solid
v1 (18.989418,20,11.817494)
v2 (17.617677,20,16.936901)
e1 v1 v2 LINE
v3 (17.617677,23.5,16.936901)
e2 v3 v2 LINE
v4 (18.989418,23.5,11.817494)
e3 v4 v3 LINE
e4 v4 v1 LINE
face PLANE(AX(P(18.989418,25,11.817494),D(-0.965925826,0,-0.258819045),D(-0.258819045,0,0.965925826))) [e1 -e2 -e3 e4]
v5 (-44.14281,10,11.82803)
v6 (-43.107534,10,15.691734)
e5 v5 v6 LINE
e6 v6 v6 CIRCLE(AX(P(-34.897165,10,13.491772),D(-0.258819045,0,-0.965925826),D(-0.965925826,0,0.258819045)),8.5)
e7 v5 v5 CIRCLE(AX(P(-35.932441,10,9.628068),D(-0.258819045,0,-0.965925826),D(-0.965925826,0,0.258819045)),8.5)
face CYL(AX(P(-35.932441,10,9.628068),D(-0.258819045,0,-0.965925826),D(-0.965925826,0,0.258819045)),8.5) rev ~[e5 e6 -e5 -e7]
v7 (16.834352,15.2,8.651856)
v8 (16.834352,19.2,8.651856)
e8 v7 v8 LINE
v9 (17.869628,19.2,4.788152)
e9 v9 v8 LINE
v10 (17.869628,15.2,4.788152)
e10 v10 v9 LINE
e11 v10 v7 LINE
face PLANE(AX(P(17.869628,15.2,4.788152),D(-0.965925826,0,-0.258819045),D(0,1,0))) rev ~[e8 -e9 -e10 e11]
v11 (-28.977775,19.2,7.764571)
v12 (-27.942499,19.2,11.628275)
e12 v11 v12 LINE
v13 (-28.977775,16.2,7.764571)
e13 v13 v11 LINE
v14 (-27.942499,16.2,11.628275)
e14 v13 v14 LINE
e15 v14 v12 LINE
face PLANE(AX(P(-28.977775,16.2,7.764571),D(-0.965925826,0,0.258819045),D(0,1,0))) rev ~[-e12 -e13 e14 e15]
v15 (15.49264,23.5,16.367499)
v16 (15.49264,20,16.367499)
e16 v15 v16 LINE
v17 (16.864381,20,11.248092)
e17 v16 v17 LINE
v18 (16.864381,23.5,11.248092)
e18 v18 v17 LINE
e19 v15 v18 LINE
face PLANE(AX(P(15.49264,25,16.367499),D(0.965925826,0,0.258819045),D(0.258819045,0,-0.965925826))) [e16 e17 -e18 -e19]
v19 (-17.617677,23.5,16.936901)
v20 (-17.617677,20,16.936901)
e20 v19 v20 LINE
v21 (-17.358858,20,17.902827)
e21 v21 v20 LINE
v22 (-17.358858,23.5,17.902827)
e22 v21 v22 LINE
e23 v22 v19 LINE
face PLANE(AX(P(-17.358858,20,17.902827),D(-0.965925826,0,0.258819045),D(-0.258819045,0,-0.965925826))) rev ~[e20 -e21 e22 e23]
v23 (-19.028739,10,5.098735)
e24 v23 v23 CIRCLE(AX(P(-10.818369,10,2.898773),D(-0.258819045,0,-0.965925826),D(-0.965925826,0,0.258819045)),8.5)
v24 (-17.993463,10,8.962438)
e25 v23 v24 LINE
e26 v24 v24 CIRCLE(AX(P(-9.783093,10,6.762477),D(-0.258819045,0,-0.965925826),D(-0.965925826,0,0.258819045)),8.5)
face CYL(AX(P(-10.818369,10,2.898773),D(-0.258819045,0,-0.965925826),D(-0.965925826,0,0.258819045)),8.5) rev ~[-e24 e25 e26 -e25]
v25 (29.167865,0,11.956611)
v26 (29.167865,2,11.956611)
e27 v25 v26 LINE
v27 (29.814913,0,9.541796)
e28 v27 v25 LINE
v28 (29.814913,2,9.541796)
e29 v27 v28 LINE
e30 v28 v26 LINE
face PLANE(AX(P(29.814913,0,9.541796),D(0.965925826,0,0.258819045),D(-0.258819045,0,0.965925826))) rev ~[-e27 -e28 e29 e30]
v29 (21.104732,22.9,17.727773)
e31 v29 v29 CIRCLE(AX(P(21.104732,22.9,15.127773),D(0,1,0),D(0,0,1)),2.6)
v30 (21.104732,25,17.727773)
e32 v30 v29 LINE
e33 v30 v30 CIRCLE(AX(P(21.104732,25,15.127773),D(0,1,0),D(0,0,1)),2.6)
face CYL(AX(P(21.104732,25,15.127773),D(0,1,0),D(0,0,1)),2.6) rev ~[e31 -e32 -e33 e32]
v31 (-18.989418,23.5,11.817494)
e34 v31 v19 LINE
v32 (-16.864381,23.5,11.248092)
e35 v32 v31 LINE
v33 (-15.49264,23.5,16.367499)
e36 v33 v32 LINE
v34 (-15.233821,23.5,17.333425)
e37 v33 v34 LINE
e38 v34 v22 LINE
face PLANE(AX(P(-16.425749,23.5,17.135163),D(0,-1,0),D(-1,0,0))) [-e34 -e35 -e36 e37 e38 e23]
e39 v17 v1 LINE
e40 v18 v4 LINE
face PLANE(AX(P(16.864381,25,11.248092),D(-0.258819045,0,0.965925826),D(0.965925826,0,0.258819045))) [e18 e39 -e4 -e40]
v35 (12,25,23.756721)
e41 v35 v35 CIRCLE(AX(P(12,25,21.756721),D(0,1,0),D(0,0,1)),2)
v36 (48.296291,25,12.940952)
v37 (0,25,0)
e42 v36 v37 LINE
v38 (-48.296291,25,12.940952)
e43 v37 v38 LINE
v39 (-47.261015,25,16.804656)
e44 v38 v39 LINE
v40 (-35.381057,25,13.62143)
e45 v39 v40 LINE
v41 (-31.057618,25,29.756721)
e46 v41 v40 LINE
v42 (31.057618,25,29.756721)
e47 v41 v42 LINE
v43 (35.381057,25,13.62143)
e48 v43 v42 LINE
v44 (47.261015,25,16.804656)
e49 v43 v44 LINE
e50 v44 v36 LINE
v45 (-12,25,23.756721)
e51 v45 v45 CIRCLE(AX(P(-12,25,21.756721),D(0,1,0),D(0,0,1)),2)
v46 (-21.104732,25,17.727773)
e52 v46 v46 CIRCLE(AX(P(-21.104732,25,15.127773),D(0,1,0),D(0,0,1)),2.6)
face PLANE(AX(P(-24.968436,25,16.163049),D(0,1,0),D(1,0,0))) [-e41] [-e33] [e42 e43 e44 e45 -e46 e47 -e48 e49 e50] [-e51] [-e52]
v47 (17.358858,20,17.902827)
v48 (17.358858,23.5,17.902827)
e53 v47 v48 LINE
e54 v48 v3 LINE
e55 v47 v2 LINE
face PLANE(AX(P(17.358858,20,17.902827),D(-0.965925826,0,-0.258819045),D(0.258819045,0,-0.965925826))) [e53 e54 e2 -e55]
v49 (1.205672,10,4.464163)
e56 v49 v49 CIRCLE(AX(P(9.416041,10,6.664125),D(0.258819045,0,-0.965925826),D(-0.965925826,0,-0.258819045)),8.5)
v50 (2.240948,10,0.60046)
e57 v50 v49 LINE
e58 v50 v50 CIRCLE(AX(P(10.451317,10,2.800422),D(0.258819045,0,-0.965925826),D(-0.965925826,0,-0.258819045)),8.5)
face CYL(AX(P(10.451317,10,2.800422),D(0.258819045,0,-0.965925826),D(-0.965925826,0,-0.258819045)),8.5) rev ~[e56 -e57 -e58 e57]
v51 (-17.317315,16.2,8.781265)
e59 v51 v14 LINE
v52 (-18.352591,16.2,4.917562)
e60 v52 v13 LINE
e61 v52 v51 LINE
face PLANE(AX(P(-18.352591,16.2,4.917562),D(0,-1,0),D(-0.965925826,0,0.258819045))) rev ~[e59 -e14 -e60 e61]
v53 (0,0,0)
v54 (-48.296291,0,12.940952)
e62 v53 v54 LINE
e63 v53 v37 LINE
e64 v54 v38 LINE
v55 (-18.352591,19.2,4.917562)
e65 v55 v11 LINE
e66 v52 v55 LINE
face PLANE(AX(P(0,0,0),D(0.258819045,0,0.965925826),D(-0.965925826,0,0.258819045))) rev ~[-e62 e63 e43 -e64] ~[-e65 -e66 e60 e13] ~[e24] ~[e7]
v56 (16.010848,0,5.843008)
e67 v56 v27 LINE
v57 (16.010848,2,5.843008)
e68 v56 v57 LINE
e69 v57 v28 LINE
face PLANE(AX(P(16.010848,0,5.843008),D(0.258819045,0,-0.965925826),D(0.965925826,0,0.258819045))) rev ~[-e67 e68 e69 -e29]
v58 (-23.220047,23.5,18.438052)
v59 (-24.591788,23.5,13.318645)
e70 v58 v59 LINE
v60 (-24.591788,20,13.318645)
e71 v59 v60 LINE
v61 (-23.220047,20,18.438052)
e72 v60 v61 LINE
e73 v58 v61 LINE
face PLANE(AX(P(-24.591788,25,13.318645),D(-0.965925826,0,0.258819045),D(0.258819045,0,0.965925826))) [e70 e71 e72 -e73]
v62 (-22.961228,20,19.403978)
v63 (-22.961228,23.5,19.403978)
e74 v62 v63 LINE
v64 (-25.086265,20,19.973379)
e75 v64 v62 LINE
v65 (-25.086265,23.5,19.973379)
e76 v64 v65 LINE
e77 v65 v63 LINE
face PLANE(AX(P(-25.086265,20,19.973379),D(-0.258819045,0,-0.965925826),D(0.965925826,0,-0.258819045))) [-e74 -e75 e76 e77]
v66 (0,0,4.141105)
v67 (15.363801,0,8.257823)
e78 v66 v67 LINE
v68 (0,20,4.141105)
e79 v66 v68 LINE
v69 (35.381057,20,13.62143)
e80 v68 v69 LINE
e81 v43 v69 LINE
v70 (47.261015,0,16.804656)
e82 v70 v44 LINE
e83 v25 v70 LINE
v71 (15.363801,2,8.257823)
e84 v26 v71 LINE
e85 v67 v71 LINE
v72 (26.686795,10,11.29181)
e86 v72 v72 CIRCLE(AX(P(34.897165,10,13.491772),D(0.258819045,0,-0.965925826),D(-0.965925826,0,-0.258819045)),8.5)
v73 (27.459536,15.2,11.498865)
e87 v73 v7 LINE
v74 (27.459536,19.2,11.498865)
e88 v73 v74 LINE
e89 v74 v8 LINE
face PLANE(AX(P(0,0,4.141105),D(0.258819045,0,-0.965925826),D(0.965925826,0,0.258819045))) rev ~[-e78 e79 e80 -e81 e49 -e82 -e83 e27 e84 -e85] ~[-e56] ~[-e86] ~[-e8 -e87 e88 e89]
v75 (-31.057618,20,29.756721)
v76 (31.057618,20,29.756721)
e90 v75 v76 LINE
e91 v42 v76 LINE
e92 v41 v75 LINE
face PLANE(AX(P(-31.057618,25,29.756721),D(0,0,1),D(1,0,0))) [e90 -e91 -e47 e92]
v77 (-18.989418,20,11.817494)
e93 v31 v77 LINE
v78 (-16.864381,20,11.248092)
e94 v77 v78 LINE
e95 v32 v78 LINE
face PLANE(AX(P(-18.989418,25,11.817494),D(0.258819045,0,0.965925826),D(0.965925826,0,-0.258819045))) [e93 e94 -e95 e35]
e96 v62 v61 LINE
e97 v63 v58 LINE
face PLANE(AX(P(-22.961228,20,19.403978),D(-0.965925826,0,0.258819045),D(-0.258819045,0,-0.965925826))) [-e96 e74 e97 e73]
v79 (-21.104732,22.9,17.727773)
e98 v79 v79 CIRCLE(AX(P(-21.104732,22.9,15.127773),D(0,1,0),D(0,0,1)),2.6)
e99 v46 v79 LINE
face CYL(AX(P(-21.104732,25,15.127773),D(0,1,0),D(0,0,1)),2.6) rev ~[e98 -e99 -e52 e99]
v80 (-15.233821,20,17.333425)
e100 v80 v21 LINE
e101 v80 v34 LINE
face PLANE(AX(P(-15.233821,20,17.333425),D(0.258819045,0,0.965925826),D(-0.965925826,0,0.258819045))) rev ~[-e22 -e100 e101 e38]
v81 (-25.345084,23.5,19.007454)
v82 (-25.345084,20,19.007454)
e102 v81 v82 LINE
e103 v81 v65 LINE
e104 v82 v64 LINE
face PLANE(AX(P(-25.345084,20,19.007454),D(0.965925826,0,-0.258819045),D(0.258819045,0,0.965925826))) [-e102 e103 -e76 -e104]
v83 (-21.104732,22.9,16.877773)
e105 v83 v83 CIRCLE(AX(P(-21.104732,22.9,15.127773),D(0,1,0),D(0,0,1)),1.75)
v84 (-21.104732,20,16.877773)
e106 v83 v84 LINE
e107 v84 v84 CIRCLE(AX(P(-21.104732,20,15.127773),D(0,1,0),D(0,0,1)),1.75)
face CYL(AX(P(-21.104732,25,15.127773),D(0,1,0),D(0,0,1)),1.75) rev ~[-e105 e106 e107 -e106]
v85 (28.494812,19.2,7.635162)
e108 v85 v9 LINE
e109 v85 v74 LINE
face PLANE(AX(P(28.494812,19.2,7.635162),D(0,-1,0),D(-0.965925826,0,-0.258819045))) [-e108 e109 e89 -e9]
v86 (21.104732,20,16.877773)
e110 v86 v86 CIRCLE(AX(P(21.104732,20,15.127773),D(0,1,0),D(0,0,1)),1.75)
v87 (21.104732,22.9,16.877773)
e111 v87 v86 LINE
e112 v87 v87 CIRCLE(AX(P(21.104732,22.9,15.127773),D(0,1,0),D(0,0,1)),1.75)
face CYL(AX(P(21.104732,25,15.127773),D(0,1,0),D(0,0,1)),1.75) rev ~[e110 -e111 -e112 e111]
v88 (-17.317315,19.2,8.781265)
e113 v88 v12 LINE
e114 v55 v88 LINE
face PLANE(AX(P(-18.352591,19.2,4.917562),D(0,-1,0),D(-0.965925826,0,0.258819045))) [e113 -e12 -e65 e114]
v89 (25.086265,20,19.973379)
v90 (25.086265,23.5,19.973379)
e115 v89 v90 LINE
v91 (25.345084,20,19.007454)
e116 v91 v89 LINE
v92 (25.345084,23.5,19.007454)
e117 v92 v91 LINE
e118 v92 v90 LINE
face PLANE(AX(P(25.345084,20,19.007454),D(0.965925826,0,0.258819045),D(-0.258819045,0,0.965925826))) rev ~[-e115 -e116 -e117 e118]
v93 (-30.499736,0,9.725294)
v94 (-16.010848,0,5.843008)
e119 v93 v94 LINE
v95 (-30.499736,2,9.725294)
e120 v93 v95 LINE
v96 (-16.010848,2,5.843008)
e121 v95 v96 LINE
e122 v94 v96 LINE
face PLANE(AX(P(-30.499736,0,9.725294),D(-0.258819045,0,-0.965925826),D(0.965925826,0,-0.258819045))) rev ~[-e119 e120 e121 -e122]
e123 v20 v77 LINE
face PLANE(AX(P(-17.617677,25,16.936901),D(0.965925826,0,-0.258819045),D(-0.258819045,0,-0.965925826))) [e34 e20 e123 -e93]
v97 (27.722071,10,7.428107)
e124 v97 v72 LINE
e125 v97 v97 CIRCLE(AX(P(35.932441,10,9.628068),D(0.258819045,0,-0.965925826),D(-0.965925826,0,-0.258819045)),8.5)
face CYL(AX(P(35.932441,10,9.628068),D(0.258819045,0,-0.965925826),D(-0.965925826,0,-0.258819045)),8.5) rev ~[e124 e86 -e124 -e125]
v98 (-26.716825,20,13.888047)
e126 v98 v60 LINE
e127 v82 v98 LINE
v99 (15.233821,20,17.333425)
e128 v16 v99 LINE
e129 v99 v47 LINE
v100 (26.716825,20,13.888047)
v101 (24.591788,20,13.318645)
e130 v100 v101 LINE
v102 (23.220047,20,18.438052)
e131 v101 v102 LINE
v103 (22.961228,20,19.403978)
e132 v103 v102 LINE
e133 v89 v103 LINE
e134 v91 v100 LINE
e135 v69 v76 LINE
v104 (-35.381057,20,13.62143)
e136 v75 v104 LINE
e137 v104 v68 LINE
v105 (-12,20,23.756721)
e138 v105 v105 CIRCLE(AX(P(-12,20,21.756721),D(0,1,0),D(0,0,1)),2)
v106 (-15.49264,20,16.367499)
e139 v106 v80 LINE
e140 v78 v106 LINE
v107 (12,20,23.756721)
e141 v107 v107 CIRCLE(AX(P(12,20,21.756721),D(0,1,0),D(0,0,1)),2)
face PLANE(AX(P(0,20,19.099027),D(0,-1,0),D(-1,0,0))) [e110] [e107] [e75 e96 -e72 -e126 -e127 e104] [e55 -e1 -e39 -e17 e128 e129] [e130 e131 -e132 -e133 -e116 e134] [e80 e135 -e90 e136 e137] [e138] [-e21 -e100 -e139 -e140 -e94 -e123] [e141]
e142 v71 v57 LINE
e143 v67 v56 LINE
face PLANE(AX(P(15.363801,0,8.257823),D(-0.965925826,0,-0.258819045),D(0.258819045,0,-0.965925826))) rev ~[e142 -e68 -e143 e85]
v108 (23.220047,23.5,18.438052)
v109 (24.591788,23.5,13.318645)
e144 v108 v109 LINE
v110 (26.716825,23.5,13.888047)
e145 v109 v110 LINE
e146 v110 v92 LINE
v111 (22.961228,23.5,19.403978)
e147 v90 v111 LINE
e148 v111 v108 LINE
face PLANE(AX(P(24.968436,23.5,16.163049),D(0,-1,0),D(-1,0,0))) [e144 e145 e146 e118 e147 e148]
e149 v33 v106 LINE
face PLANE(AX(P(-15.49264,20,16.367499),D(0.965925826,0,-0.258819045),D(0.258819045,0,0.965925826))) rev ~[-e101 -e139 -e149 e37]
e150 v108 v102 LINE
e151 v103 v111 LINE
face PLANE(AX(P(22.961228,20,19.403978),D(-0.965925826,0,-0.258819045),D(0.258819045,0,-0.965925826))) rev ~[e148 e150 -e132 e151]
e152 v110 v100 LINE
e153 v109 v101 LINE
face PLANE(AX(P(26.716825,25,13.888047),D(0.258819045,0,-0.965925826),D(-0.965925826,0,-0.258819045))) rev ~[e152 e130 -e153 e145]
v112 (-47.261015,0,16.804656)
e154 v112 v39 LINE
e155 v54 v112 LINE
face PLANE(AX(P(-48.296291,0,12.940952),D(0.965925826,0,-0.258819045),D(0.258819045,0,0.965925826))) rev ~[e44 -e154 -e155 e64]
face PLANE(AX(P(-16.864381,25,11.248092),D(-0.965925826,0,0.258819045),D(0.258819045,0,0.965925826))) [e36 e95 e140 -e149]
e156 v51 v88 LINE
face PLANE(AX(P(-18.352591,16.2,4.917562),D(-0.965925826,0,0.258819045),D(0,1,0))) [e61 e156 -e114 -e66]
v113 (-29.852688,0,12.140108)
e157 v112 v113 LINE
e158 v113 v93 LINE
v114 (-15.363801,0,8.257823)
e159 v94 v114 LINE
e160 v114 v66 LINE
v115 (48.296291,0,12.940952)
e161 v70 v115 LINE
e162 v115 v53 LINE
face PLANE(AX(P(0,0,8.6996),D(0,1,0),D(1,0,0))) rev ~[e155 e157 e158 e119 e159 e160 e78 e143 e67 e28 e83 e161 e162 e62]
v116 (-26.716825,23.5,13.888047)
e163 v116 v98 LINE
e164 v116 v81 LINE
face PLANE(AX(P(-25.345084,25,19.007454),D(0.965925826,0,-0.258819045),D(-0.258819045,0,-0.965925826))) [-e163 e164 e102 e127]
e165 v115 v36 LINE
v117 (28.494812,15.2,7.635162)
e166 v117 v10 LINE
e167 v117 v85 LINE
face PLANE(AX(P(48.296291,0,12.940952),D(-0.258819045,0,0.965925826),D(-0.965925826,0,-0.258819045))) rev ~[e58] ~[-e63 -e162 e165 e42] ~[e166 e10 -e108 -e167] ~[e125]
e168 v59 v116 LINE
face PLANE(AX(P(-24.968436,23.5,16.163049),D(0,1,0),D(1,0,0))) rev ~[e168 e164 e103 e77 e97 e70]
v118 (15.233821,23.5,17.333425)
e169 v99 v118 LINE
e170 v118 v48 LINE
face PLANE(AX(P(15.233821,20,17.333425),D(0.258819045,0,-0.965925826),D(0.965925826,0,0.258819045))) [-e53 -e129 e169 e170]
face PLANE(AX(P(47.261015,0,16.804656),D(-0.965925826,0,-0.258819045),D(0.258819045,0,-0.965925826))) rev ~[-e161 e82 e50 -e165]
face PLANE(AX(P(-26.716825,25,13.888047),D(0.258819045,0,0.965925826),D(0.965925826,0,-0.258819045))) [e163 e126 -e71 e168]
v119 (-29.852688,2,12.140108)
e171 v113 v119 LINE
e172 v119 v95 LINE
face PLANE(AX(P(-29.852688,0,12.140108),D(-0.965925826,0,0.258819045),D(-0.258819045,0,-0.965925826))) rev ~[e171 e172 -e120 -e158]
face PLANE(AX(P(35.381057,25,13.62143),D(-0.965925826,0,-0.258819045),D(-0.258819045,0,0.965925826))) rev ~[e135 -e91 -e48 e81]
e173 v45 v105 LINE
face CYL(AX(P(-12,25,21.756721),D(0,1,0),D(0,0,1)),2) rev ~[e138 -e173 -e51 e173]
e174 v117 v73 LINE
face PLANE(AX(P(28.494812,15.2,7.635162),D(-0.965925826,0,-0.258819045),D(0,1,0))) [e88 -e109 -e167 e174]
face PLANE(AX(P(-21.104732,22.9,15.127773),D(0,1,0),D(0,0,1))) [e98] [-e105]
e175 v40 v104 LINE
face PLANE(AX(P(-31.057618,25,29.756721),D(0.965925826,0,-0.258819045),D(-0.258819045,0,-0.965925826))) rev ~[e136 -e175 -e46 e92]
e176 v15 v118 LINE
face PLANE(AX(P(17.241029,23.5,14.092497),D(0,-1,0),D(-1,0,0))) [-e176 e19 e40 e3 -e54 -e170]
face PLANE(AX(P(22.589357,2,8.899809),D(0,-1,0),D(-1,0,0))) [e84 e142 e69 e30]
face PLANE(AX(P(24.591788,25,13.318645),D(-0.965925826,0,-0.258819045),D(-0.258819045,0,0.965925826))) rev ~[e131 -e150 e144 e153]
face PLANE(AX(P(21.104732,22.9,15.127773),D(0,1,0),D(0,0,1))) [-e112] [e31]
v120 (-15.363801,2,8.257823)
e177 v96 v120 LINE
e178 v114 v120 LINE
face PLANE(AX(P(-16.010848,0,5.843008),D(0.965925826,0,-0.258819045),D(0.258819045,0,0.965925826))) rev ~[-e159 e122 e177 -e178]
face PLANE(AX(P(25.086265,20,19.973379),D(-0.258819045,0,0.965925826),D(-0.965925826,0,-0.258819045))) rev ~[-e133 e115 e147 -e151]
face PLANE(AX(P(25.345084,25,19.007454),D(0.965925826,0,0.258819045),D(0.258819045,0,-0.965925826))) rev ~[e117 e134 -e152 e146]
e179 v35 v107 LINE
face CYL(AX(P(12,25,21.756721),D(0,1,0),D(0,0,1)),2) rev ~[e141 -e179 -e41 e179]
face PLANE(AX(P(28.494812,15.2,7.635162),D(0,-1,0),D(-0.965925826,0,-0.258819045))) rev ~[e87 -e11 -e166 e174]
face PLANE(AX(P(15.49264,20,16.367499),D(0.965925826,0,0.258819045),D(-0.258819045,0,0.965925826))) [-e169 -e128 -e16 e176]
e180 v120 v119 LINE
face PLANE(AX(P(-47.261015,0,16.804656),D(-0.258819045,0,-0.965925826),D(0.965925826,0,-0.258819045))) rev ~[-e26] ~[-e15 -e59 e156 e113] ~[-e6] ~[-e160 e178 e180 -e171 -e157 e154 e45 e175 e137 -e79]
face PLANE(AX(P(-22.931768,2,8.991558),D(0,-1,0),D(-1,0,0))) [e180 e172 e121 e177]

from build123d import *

# Parameters (mm, degrees)
BOSS_EXTRUDE1_DEPTH = 25
SKETCH2_R           = 2
BOSS_EXTRUDE2_DEPTH = 5
SKETCH3_R           = 1.75
CUT_EXTRUDE1_DEPTH  = 5
SKETCH4_R           = 2.6
CUT_EXTRUDE2_DEPTH  = 2.1
BOSS_EXTRUDE4_DEPTH = 1.5
SKETCH6_R           = 8.5
SKETCH6_W           = 11
SKETCH6_H           = 3
CUT_EXTRUDE3_DEPTH  = 62.991888409
SKETCH7_R           = 8.5
SKETCH7_W           = 11
SKETCH7_H           = 4
CUT_EXTRUDE4_DEPTH  = 62.991888409
CUT_EXTRUDE6_DEPTH  = 2
CUT_EXTRUDE7_DEPTH  = 3.5


with BuildPart() as part:
    # Sketch1 → Boss-Extrude1 (new body)
    with BuildSketch(Plane(origin=(0, 0, 0), x_dir=(1, 0, 0), z_dir=(0, 1, 0))):
        Polygon((0, 0), (-48.296291314, -12.940952255), (-47.261015134, -16.80465556), (0, -4.141104722), (47.261015134, -16.80465556), (48.296291314, -12.940952255), align=None)
    extrude(amount=BOSS_EXTRUDE1_DEPTH)

    # Sketch2 → Boss-Extrude2 (add)
    with BuildSketch(Plane(origin=(0, 25, 0), x_dir=(1, 0, 0), z_dir=(0, 1, 0))):
        Polygon((18.842355233, -29.75672149), (-18.842355233, -29.75672149), (-31.057618335, -29.75672149), (-35.381056589, -13.621430262), (0, -4.141104722), (35.381056589, -13.621430262), (31.057618335, -29.75672149), align=None)
        with Locations(Location((-12, -21.75672149, 0), (0, 0, 270))):
            Circle(SKETCH2_R, mode=Mode.SUBTRACT)
        with Locations(Location((12, -21.75672149, 0), (0, 0, 270))):
            Circle(SKETCH2_R, mode=Mode.SUBTRACT)
    extrude(amount=-BOSS_EXTRUDE2_DEPTH)

    # Sketch3 → Cut-Extrude1 (cut)
    with BuildSketch(Plane(origin=(0, 25, 0), x_dir=(1, 0, 0), z_dir=(0, 1, 0))):
        Polygon((24.5917878, -13.318644854), (23.220046861, -18.438051734), (25.345083679, -19.007453633), (26.716824618, -13.888046753), align=None)
        with Locations(Location((21.104732435, -15.127773063, 0), (0, 0, 270))):
            Circle(SKETCH3_R)
        Polygon((18.989418008, -11.817494393), (17.617677069, -16.936901272), (15.492640251, -16.367499373), (16.86438119, -11.248092493), align=None)
        Polygon((-15.492640251, -16.367499373), (-17.617677069, -16.936901272), (-18.989418008, -11.817494393), (-16.86438119, -11.248092493), align=None)
        with Locations(Location((-21.104732435, -15.127773063, 0), (0, 0, 270))):
            Circle(SKETCH3_R)
        Polygon((-25.345083679, -19.007453633), (-26.716824618, -13.888046753), (-24.5917878, -13.318644854), (-23.220046861, -18.438051734), align=None)
    extrude(amount=-CUT_EXTRUDE1_DEPTH, mode=Mode.SUBTRACT)

    # Sketch4 → Cut-Extrude2 (cut)
    with BuildSketch(Plane(origin=(0, 25, 0), x_dir=(1, 0, 0), z_dir=(0, 1, 0))):
        with Locations(Location((-21.104732435, -15.127773063, 0), (0, 0, 270))):
            Circle(SKETCH4_R)
        with Locations(Location((21.104732435, -15.127773063, 0), (0, 0, 270))):
            Circle(SKETCH4_R)
    extrude(amount=-CUT_EXTRUDE2_DEPTH, mode=Mode.SUBTRACT)

    # Sketch5 → Boss-Extrude4 (add)
    with BuildSketch(Plane(origin=(0, 25, 0), x_dir=(1, 0, 0), z_dir=(0, 1, 0))):
        Polygon((-26.716824618, -13.888046753), (-25.345083679, -19.007453633), (-23.220046861, -18.438051734), (-24.5917878, -13.318644854), align=None)
        Polygon((-17.617677069, -16.936901272), (-15.492640251, -16.367499373), (-16.86438119, -11.248092493), (-18.989418008, -11.817494393), align=None)
        Polygon((18.989418008, -11.817494393), (17.617677069, -16.936901272), (15.492640251, -16.367499373), (16.86438119, -11.248092493), align=None)
        Polygon((24.5917878, -13.318644854), (26.716824618, -13.888046753), (25.345083679, -19.007453633), (23.220046861, -18.438051734), align=None)
    extrude(amount=-BOSS_EXTRUDE4_DEPTH)

    # Sketch6 → Cut-Extrude3 (cut, through all)
    with BuildSketch(Plane(origin=(0, 0, 0), x_dir=(-0.9659258262890691, 0, 0.2588190451025181), z_dir=(-0.2588190451025181, 0, -0.9659258262890691))):
        with Locations((37.2, 10)):
            Circle(SKETCH6_R)
        with Locations((11.2, 10)):
            Circle(SKETCH6_R)
        with Locations((24.5, 17.7)):
            Rectangle(SKETCH6_W, SKETCH6_H)
    extrude(amount=-CUT_EXTRUDE3_DEPTH, mode=Mode.SUBTRACT)

    # Sketch7 → Cut-Extrude4 (cut, through all)
    with BuildSketch(Plane(origin=(0, 0, 0), x_dir=(-0.9659258262890691, 0, -0.2588190451025176), z_dir=(0.25881904510251763, 0, -0.9659258262890692))):
        with Locations((-10.82, 10)):
            Circle(SKETCH7_R)
        with Locations((-37.2, 10)):
            Circle(SKETCH7_R)
        with Locations((-24, 17.2)):
            Rectangle(SKETCH7_W, SKETCH7_H)
    extrude(amount=-CUT_EXTRUDE4_DEPTH, mode=Mode.SUBTRACT)

    # Sketch8 → Cut-Extrude6 (cut)
    with BuildSketch(Plane(origin=(0, 0, 0), x_dir=(-1, 0, 0), z_dir=(0, -1, 0))):
        Polygon((-29.167865413, -11.956610704), (-15.363800523, -8.257822665), (-16.010848136, -5.843008099), (-29.814913026, -9.541796138), align=None)
        Polygon((15.363800523, -8.257822665), (29.852687918, -12.140108341), (30.499735531, -9.725293775), (16.010848136, -5.843008099), align=None)
    extrude(amount=-CUT_EXTRUDE6_DEPTH, mode=Mode.SUBTRACT)

    # Sketch9 → Cut-Extrude7 (cut)
    with BuildSketch(Plane(origin=(0, 20, 0), x_dir=(-1, 0, 0), z_dir=(0, -1, 0))):
        Polygon((-25.086264634, -19.973379459), (-22.961227816, -19.40397756), (-23.220046861, -18.438051734), (-25.345083679, -19.007453633), align=None)
        Polygon((-15.492640251, -16.367499373), (-15.233821206, -17.333425199), (-17.358858024, -17.902827098), (-17.617677069, -16.936901272), align=None)
        Polygon((15.233821206, -17.333425199), (17.358858024, -17.902827098), (17.617677069, -16.936901272), (15.492640251, -16.367499373), align=None)
        Polygon((25.345083679, -19.007453633), (25.086264634, -19.973379459), (22.961227816, -19.40397756), (23.220046861, -18.438051734), align=None)
    extrude(amount=-CUT_EXTRUDE7_DEPTH, mode=Mode.SUBTRACT)


solid = part.part
